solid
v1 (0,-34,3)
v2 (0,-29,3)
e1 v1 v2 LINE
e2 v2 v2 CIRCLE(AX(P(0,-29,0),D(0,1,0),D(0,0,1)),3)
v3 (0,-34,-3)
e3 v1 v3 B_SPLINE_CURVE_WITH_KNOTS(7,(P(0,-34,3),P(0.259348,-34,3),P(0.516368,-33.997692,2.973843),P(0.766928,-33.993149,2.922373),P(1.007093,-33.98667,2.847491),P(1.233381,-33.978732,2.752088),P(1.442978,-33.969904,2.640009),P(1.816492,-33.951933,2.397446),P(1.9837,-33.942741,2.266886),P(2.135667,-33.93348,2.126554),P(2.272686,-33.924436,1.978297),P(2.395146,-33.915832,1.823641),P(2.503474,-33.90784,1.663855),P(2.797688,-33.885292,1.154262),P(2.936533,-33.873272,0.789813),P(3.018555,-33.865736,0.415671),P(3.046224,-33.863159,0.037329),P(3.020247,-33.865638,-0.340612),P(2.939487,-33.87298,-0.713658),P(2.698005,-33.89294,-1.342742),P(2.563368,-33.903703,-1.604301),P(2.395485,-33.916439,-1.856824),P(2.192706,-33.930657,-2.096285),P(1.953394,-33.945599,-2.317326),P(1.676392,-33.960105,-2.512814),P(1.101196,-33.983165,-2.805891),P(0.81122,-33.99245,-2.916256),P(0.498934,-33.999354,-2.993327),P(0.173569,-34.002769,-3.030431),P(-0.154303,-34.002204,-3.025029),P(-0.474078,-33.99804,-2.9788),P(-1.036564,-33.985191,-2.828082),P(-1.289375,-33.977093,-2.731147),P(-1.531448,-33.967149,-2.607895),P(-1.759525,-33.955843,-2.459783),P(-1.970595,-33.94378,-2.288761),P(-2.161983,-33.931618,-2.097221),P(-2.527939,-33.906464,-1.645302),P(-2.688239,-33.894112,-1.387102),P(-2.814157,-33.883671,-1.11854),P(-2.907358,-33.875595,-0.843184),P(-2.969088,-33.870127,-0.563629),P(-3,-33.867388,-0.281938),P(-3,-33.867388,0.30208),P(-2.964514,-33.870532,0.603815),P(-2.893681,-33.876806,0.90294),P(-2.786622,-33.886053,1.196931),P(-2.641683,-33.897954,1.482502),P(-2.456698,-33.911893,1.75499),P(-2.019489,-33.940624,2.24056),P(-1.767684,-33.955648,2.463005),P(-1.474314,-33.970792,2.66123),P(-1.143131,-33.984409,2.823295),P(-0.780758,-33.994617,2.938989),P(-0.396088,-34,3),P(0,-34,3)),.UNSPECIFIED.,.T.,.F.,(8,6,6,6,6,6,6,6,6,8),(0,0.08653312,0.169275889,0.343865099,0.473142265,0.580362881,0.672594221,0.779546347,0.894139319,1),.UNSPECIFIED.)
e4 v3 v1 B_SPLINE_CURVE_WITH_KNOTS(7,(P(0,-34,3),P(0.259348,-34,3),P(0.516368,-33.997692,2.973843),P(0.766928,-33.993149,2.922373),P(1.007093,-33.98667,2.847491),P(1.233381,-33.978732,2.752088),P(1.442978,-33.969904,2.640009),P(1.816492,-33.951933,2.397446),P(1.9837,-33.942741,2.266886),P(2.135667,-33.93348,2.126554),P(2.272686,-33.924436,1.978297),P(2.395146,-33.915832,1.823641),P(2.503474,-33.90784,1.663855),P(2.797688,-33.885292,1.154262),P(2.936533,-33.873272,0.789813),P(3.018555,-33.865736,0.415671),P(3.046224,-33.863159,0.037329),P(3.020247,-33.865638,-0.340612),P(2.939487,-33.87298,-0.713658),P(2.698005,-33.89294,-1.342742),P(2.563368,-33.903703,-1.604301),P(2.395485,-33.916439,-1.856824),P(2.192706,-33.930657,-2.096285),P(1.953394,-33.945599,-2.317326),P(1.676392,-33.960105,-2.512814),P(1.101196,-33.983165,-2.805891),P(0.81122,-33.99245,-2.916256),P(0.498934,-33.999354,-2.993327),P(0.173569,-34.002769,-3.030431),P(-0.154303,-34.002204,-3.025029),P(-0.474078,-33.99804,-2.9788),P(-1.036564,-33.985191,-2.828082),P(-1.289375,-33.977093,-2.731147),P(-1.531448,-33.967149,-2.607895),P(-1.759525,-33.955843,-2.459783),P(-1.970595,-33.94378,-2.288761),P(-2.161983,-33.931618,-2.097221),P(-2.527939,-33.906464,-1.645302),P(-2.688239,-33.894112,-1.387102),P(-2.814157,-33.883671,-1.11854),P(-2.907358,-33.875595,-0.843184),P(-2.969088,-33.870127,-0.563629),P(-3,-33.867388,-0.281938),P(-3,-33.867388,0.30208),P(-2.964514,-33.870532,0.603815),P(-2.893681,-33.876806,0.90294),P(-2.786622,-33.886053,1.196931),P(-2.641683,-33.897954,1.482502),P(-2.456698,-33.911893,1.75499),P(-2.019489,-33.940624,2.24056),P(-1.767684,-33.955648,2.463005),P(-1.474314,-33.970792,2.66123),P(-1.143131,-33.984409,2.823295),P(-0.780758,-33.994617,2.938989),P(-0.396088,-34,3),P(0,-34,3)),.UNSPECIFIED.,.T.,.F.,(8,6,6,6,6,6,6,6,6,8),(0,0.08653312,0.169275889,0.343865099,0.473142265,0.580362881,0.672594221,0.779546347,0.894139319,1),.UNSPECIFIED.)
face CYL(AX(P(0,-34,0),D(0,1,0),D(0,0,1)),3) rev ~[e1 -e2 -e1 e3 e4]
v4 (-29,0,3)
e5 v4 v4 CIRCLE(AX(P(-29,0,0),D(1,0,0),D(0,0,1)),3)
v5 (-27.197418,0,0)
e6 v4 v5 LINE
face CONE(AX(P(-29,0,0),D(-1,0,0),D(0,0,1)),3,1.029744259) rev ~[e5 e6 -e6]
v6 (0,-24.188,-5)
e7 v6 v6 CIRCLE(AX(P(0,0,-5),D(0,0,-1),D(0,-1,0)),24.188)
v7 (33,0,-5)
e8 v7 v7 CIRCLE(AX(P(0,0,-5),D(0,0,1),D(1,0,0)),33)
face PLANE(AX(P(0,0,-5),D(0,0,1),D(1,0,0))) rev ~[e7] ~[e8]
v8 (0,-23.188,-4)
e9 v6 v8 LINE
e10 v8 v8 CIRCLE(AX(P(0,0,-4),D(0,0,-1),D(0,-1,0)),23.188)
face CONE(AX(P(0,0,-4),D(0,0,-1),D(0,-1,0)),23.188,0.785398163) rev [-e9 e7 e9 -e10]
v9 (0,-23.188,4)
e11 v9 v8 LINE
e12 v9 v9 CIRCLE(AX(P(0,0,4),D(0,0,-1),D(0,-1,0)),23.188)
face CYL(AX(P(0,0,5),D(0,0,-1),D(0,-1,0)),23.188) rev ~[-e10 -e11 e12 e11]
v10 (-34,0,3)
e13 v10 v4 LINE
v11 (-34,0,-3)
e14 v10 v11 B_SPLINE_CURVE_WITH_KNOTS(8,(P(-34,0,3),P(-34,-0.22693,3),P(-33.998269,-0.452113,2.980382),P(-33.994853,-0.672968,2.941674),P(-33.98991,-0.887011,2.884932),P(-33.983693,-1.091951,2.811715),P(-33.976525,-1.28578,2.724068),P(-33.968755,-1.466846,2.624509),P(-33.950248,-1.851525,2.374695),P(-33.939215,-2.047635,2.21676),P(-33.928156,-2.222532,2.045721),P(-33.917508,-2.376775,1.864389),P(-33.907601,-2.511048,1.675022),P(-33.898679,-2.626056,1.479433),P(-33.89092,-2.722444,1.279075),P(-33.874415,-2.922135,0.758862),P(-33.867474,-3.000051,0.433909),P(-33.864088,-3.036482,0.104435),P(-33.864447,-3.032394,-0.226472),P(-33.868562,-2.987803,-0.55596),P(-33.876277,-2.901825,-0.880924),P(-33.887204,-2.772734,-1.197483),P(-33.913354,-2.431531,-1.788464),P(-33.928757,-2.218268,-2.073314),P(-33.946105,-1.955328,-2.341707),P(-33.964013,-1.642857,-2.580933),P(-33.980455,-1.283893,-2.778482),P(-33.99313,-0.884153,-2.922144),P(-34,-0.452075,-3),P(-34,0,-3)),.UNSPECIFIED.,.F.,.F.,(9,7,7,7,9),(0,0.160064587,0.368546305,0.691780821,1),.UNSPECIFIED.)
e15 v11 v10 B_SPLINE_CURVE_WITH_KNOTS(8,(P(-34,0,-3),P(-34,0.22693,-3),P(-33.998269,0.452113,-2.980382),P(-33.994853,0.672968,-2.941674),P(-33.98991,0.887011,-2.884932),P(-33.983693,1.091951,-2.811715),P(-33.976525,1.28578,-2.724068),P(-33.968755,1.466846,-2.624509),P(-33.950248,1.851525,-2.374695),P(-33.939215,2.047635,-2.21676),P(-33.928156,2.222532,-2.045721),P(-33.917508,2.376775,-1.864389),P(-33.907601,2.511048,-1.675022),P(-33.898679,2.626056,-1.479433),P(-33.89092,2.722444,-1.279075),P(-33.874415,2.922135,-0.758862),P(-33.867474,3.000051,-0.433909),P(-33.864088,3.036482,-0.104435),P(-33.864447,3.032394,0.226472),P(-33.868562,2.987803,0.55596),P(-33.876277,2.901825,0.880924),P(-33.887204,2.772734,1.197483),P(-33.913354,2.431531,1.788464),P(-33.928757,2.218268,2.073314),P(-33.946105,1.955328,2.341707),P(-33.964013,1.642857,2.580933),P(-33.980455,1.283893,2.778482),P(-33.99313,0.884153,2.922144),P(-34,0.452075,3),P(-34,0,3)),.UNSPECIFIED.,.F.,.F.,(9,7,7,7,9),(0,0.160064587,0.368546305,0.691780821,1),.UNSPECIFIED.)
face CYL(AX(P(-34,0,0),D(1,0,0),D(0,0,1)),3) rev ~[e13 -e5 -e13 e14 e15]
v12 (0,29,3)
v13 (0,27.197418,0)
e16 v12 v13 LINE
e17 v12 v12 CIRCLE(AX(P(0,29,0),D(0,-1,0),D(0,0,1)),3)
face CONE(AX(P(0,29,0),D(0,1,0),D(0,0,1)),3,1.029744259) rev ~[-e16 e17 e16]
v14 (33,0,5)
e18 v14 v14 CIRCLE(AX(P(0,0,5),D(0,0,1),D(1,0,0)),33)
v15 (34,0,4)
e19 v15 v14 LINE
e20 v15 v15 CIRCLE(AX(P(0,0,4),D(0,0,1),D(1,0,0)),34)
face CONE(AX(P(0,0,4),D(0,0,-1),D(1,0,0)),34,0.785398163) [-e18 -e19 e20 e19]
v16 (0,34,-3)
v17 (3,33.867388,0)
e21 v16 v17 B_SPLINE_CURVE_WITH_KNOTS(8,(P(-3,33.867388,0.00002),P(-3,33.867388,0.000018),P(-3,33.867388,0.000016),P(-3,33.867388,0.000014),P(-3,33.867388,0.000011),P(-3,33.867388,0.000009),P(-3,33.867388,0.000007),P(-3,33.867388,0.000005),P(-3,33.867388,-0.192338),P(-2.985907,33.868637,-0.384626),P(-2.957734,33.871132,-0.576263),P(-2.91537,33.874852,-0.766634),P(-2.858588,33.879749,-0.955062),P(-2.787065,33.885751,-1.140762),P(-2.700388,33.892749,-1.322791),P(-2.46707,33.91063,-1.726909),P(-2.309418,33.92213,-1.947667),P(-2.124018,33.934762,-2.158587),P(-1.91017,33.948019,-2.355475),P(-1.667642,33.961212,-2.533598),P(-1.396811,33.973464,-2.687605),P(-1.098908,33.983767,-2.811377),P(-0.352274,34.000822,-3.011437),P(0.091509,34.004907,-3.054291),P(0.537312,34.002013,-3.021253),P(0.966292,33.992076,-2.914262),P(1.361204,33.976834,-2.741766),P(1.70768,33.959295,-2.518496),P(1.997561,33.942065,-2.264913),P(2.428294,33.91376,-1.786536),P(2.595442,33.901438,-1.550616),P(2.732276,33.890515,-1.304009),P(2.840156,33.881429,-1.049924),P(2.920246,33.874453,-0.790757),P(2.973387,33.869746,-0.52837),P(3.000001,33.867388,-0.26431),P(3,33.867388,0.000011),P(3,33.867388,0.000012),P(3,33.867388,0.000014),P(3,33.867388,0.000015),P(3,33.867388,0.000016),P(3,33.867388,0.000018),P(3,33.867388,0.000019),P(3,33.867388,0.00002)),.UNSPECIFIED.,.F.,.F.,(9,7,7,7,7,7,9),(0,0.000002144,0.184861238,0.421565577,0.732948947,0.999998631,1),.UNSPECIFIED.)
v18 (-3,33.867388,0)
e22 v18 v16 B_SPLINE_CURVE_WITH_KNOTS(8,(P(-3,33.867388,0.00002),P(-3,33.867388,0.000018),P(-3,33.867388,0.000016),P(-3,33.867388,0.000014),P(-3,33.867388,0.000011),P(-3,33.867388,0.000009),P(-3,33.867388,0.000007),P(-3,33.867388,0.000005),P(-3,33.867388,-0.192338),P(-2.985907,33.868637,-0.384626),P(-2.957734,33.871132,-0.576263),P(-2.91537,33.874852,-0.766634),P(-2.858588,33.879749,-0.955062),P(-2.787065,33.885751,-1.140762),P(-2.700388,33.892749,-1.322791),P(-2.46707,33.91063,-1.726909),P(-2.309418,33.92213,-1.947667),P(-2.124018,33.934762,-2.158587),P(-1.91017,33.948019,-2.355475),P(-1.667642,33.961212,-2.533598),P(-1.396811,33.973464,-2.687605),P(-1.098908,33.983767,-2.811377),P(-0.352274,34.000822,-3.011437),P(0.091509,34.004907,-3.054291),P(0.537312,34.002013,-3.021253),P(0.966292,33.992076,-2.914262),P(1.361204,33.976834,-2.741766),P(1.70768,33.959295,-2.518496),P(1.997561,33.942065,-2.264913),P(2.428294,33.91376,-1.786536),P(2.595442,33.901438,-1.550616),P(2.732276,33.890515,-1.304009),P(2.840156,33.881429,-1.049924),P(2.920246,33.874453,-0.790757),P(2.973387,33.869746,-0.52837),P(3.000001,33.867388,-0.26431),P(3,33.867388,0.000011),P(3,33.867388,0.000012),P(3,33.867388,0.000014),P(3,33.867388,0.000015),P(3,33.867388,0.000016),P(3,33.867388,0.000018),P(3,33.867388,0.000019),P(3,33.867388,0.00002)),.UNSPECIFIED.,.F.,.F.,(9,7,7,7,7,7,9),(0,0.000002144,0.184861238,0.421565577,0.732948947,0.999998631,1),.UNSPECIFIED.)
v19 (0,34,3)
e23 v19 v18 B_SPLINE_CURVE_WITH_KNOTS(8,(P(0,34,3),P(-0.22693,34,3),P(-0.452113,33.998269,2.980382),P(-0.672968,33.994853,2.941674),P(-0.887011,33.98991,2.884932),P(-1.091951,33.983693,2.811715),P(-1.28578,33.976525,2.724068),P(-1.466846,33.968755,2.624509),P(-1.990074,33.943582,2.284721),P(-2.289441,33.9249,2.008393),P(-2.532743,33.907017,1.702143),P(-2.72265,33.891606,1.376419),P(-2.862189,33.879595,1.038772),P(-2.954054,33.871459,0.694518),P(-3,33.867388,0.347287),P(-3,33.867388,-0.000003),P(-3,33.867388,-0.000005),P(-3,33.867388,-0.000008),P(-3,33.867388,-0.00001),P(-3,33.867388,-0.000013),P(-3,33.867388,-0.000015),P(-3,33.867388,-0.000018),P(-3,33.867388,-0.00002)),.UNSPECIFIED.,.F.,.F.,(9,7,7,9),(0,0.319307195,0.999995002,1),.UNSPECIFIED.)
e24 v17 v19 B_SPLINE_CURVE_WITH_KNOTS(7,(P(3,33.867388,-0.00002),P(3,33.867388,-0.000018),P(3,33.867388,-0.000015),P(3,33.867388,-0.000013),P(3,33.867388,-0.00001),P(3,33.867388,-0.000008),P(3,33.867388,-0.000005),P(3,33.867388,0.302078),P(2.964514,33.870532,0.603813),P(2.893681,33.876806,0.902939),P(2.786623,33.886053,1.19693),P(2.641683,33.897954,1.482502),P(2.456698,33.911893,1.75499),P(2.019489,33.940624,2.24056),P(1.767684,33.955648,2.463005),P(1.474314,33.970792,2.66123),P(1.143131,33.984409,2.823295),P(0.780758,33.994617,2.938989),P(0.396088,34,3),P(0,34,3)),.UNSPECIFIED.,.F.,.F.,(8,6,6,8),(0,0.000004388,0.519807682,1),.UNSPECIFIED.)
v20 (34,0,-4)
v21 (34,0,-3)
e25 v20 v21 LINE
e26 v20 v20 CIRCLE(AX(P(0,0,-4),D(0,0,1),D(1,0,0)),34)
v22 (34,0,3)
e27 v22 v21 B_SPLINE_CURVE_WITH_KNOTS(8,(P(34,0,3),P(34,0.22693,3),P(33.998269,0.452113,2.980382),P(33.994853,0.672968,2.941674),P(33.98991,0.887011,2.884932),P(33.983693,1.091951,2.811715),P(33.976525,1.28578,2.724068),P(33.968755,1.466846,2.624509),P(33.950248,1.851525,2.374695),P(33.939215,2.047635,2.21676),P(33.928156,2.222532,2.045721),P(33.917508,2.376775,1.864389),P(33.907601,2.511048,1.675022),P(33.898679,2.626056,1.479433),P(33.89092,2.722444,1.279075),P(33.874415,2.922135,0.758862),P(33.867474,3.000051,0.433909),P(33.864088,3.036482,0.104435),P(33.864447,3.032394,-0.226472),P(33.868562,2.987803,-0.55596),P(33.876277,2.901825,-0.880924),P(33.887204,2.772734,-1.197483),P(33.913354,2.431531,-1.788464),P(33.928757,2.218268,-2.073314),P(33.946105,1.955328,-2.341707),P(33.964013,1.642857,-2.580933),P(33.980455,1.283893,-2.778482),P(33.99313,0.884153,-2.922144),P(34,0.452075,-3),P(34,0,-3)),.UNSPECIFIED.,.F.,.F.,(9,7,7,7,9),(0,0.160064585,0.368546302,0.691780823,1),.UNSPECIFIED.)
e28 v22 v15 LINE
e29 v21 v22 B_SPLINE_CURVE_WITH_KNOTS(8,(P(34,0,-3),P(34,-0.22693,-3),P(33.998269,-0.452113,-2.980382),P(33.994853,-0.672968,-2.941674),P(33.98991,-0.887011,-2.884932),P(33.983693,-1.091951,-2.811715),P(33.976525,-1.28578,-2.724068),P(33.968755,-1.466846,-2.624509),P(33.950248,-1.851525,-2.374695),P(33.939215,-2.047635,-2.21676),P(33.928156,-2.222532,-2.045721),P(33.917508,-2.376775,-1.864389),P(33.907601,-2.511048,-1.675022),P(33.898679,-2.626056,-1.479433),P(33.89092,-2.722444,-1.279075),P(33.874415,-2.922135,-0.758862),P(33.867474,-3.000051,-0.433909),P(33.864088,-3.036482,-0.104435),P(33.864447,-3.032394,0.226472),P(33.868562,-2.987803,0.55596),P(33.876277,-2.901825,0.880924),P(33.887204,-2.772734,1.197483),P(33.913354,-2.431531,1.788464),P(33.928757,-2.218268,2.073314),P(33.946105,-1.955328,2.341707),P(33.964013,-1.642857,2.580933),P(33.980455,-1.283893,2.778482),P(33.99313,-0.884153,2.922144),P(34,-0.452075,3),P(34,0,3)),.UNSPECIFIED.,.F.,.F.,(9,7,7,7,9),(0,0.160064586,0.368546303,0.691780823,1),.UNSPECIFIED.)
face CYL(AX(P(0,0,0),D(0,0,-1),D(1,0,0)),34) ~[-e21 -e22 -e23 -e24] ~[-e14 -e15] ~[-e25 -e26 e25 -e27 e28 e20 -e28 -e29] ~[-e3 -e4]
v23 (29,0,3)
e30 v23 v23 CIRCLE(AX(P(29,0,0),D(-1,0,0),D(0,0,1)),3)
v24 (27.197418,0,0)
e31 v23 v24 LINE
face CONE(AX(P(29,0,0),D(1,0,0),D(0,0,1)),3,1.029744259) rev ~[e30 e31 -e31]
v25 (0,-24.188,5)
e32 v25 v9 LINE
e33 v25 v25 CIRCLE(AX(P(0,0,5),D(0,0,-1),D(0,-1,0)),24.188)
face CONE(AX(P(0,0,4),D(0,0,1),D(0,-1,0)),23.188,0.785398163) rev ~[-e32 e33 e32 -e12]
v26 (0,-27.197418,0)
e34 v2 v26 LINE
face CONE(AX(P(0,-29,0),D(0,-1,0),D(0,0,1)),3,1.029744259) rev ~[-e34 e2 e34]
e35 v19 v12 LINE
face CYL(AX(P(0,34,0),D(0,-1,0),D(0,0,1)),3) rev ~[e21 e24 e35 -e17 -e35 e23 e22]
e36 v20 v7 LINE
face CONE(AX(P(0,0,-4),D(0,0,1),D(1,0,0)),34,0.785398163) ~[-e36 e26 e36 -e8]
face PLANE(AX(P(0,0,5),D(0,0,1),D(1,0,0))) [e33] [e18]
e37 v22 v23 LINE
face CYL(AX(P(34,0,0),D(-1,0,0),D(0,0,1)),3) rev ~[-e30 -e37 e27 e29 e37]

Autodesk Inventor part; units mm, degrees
ref_plane "YZ Plane" through (0, 0, 0) normal (1, 0, 0) x (0, 1, 0)
ref_plane "XY Plane" through (0, 0, 0) normal (0, 0, 1) x (1, 0, 0)
sketch "Эскиз1" plane through (0, 0, 0) normal (0, 0, 1) x (1, 0, 0)
  circle A0 centre (0, 0) radius 34
  dimension "d0" = 68
extrude "Выдавливание1" add sketch "Эскиз1" along normal mid plane 10
sketch "Эскиз2" plane through (0, 0, 5) normal (0, 0, 1) x (1, 0, 0)
  point P0 (0, 0)
  point P1 (0, 0)
hole "Отверстие1" at (0, 0, 5) direction (0, 0, -1) diameter 46.376 end through all thread size "M48x1.5" class "6H" standard "ISO Metric profile"
ref_plane "РабПлоскость1" through (0, 34, 0) normal (0, 1, 0) x (-1, 0, 0)
sketch "Эскиз3" plane through (0, 34, 0) normal (0, 1, 0) x (-1, 0, 0)
  point P0 (0, 0)
hole "Отверстие2" at (0, 34, 0) direction (0, -1, 0) diameter 6 depth 5 tip angle 118
pattern_circular "Круговой массив1" count 4 over 360 about axis through (0, 0, 0) along (0, 0, 1) of "Отверстие2"
chamfer "Фаска1" distance 1 angle 45 4 edges at (0, 23.188, 5) (0, 23.188, -5) (-34, 0, 5) (-34, 0, -5)
properties part number "05.01.002" material "Сталь, углеродистая"
